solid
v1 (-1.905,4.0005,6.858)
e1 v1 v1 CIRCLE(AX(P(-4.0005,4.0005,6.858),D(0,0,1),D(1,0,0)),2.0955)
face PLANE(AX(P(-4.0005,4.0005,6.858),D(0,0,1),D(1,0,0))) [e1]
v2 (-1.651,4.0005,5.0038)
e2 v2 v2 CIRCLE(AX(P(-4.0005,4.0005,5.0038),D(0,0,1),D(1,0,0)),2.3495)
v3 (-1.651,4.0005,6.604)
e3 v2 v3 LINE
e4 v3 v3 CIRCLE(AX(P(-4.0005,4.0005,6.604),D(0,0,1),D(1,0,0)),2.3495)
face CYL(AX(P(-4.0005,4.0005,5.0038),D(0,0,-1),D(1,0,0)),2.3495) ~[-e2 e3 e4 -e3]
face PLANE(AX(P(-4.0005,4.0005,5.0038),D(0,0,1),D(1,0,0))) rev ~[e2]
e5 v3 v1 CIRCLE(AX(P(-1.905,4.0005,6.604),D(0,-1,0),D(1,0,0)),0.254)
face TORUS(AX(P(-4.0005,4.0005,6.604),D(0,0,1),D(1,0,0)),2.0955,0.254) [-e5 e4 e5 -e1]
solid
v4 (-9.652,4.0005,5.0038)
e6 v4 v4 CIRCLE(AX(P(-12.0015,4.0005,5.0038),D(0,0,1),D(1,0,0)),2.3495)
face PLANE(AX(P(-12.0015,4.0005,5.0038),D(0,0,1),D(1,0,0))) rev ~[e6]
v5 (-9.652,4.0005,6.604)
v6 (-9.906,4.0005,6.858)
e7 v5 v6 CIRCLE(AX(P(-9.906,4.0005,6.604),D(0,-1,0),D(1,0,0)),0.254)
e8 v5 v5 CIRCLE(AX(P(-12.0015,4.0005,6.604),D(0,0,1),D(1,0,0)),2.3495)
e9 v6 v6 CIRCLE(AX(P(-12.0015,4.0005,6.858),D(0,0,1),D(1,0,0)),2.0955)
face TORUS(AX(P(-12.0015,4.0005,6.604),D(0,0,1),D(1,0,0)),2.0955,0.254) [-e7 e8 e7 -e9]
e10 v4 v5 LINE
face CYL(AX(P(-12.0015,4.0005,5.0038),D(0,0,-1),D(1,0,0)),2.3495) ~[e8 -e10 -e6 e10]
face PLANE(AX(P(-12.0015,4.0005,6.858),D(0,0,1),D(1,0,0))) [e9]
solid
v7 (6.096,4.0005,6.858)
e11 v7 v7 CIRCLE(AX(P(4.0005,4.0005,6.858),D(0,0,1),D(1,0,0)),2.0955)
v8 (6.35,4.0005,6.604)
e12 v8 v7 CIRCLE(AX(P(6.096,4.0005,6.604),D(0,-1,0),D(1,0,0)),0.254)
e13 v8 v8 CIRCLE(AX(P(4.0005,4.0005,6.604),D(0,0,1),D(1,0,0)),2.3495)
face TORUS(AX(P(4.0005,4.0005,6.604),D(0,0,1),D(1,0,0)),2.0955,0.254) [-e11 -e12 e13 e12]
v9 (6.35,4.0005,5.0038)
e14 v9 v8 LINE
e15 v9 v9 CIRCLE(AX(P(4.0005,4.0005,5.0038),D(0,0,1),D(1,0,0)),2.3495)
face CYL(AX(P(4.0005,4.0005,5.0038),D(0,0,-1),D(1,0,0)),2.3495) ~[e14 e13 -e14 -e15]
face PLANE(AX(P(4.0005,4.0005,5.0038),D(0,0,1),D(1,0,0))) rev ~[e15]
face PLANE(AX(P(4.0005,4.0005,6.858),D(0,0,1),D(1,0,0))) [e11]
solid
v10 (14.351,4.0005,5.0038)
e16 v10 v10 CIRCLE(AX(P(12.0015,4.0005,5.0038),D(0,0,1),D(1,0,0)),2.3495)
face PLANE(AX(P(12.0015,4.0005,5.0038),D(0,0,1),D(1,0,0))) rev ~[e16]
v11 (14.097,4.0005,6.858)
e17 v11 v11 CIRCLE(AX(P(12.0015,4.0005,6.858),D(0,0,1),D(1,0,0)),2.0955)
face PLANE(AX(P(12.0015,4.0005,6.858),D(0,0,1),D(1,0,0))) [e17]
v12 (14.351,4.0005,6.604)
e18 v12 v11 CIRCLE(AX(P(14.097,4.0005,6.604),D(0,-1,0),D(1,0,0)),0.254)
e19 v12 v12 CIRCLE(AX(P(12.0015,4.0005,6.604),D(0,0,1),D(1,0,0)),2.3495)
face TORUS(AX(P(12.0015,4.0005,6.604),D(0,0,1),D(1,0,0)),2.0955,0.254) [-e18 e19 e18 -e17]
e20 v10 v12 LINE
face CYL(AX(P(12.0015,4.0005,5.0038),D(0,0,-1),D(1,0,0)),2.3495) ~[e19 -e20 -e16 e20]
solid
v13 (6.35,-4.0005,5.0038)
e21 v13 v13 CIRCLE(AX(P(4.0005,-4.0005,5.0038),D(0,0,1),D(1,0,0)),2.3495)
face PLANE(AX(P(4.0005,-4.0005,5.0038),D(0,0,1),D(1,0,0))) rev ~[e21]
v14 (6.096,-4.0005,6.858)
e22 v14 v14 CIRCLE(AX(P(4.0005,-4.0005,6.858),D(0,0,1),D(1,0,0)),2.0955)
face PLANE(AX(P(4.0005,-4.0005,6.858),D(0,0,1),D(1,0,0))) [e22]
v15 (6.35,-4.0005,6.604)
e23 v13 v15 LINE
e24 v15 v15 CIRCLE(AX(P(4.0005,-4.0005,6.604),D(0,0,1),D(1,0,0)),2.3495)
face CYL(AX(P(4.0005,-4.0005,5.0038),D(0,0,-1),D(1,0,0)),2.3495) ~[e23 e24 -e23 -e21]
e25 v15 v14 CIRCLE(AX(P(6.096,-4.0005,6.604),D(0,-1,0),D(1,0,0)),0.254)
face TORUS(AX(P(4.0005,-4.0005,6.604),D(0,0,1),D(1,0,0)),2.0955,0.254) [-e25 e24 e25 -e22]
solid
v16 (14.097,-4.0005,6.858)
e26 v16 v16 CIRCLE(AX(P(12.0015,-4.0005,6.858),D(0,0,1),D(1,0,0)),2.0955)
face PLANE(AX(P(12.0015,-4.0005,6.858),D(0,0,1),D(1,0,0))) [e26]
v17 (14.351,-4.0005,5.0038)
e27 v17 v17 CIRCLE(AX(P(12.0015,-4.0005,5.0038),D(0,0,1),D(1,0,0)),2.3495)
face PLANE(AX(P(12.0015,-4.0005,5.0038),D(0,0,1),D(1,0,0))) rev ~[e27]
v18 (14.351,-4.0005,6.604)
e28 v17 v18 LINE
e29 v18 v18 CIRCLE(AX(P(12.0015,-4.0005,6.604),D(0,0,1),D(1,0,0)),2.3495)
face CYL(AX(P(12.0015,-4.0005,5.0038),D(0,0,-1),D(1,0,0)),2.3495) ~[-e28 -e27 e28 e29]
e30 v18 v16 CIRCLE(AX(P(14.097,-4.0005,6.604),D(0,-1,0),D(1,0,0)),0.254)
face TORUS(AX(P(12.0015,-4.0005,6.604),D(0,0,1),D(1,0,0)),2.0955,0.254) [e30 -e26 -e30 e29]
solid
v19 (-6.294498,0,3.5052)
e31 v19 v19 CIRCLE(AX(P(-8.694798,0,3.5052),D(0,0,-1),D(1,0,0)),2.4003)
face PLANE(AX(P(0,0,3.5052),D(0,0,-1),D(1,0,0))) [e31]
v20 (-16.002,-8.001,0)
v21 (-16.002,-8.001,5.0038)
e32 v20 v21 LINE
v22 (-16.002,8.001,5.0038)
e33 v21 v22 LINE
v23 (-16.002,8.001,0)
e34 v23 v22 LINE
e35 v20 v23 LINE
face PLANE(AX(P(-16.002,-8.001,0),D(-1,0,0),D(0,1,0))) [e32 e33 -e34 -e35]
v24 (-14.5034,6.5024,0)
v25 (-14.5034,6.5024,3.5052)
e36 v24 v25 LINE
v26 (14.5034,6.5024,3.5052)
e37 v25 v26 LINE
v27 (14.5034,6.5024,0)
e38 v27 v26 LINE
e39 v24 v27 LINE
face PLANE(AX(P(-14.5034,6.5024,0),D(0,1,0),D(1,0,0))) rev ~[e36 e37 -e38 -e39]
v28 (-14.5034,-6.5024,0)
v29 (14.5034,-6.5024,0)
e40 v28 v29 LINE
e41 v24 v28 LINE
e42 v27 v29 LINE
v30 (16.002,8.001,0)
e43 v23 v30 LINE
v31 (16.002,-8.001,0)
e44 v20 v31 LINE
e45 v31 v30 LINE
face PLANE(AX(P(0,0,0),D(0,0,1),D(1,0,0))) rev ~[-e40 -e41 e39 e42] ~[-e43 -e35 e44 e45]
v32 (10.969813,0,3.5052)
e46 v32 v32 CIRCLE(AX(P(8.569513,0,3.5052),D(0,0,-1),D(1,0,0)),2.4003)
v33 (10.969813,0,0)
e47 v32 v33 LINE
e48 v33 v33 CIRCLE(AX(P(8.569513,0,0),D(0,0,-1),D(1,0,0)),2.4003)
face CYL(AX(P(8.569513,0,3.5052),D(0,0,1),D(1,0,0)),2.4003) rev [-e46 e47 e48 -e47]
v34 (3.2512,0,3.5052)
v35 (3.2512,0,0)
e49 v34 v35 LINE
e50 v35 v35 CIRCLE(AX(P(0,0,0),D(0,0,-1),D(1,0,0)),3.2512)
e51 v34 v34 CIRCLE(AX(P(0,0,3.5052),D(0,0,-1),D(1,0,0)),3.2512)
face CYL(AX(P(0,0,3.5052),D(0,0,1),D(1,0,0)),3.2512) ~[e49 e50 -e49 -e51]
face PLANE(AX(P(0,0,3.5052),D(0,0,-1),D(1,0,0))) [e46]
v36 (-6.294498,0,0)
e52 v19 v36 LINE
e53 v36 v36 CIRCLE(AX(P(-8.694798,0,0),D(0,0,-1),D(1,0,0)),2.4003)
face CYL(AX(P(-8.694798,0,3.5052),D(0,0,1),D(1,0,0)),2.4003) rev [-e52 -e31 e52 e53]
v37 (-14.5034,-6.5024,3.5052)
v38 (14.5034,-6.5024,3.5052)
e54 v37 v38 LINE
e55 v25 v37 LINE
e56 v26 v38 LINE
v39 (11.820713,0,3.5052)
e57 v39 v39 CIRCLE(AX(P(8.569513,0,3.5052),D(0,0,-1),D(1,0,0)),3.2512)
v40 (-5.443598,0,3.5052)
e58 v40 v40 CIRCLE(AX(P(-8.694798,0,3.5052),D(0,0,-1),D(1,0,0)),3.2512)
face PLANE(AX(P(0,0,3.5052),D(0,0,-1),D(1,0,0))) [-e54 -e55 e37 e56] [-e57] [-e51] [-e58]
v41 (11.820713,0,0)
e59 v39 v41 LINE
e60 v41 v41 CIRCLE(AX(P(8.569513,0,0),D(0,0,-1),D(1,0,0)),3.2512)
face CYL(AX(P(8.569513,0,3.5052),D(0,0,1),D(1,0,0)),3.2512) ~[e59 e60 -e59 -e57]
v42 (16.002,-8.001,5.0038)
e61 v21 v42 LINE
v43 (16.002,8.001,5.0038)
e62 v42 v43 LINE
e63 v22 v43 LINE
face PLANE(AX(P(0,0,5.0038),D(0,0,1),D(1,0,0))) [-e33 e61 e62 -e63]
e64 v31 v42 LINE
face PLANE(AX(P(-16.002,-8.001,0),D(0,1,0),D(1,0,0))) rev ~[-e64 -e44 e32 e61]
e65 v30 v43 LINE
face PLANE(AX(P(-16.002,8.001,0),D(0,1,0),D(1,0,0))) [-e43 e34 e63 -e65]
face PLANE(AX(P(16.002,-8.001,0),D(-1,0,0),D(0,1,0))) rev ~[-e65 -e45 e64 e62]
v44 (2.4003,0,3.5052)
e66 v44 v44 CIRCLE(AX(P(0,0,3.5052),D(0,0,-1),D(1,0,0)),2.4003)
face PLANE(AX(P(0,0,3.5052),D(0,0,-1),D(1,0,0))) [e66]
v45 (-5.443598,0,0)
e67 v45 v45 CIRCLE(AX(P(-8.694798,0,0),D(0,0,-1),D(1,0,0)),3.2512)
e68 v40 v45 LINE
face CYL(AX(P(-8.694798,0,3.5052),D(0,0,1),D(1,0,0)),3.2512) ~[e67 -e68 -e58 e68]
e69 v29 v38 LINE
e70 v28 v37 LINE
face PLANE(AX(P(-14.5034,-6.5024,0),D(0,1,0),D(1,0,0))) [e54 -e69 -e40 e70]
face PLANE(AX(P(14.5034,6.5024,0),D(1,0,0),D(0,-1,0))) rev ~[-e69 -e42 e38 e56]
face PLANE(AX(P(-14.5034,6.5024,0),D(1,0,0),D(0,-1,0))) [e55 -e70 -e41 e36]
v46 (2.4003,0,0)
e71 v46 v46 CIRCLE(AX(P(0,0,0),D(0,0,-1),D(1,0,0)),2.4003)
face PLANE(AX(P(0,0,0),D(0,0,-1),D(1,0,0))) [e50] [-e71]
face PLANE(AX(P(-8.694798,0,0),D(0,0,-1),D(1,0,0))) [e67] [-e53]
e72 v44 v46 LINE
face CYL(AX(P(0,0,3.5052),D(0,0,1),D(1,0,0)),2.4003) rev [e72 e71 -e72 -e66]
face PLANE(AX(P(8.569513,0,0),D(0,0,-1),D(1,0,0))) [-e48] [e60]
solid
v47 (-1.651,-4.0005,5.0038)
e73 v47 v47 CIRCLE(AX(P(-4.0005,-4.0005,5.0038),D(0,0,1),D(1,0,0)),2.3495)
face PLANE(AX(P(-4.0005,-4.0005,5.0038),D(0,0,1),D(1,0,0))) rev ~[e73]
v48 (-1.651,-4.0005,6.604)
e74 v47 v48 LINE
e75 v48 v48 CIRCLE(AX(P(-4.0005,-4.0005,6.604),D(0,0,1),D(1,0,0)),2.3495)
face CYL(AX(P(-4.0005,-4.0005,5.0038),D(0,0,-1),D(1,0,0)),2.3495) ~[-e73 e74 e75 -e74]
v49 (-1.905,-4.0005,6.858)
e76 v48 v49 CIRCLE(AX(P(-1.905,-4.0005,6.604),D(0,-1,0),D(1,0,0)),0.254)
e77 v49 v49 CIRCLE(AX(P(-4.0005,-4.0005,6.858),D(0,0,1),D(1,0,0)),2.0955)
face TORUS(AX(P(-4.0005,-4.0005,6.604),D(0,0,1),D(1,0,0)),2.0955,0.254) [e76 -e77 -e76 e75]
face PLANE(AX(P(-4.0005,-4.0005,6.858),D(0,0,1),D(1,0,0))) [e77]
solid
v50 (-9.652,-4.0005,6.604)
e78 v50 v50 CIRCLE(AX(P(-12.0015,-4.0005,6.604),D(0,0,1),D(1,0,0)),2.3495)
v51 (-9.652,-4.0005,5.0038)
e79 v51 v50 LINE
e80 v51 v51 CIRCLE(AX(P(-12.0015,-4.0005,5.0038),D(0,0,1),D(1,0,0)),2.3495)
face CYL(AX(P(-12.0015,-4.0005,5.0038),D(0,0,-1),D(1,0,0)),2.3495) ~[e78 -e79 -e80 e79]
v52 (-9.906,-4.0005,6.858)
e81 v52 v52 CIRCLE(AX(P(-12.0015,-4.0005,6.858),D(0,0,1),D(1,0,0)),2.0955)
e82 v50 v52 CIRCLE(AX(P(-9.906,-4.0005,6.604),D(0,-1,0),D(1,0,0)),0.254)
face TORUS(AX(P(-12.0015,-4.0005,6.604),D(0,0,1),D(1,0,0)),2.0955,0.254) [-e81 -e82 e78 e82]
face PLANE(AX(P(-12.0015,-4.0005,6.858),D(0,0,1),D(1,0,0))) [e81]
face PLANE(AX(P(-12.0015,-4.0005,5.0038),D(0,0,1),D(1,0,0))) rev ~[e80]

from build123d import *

# Parameters (mm, degrees)
F0_W     = 32.004
F0_H     = 16.002
F1_DEPTH = 5.0038
F2_W     = 29.0068
F2_H     = 13.0048
F3_DEPTH = 3.5052
F4_R     = 3.2512
F4_R_2   = 2.4003
F5_DEPTH = 3.5052
F6_R     = 2.3495
F7_DEPTH = 1.8542
F8_R     = 0.254


with BuildPart() as f1:
    # F0 (on Top) → F1 (new body)
    with BuildSketch(Plane.XY):
        Rectangle(F0_W, F0_H)
    extrude(amount=F1_DEPTH)

    # F2 (on face) → F3 (cut)
    with BuildSketch(Plane(origin=(0, 0, 0), x_dir=(1, 0, 0), z_dir=(0, 0, -1))):
        Rectangle(F2_W, F2_H)
    extrude(amount=-F3_DEPTH, mode=Mode.SUBTRACT)

    # F4 (on face) → F5 (join)
    with BuildSketch(Plane(origin=(0, 0, 3.5052), x_dir=(1, 0, 0), z_dir=(0, 0, -1))):
        Circle(F4_R)
        Circle(F4_R_2, mode=Mode.SUBTRACT)
        with Locations((8.569513, 0)):
            Circle(F4_R)
        with Locations((8.569513, 0)):
            Circle(F4_R_2, mode=Mode.SUBTRACT)
        with Locations((-8.694798, 0)):
            Circle(F4_R)
        with Locations((-8.694798, 0)):
            Circle(F4_R_2, mode=Mode.SUBTRACT)
    extrude(amount=F5_DEPTH)


with BuildPart() as f7:
    # F6 (on face) → F7 (new body)
    with BuildSketch(Plane.XY.offset(5.0038)):
        with Locations((-12.0015, 4.0005)):
            Circle(F6_R)
        with Locations((-4.0005, 4.0005)):
            Circle(F6_R)
        with Locations((4.0005, 4.0005)):
            Circle(F6_R)
        with Locations((12.0015, 4.0005)):
            Circle(F6_R)
        with Locations((-12.0015, -4.0005)):
            Circle(F6_R)
        with Locations((-4.0005, -4.0005)):
            Circle(F6_R)
        with Locations((4.0005, -4.0005)):
            Circle(F6_R)
        with Locations((12.0015, -4.0005)):
            Circle(F6_R)
    extrude(amount=F7_DEPTH)

    # F8
    f8_edges = [f7.edges().sort_by_distance(p)[0] for p in [
        (-14.351, -4.0005, 6.858),
        (-14.351, 4.0005, 6.858),
        (-6.35, -4.0005, 6.858),
        (-6.35, 4.0005, 6.858),
        (1.651, -4.0005, 6.858),
        (1.651, 4.0005, 6.858),
        (9.652, 4.0005, 6.858),
        (9.652, -4.0005, 6.858),
    ]]
    fillet(f8_edges, radius=F8_R)


solid = Compound([f1.part, f7.part])
